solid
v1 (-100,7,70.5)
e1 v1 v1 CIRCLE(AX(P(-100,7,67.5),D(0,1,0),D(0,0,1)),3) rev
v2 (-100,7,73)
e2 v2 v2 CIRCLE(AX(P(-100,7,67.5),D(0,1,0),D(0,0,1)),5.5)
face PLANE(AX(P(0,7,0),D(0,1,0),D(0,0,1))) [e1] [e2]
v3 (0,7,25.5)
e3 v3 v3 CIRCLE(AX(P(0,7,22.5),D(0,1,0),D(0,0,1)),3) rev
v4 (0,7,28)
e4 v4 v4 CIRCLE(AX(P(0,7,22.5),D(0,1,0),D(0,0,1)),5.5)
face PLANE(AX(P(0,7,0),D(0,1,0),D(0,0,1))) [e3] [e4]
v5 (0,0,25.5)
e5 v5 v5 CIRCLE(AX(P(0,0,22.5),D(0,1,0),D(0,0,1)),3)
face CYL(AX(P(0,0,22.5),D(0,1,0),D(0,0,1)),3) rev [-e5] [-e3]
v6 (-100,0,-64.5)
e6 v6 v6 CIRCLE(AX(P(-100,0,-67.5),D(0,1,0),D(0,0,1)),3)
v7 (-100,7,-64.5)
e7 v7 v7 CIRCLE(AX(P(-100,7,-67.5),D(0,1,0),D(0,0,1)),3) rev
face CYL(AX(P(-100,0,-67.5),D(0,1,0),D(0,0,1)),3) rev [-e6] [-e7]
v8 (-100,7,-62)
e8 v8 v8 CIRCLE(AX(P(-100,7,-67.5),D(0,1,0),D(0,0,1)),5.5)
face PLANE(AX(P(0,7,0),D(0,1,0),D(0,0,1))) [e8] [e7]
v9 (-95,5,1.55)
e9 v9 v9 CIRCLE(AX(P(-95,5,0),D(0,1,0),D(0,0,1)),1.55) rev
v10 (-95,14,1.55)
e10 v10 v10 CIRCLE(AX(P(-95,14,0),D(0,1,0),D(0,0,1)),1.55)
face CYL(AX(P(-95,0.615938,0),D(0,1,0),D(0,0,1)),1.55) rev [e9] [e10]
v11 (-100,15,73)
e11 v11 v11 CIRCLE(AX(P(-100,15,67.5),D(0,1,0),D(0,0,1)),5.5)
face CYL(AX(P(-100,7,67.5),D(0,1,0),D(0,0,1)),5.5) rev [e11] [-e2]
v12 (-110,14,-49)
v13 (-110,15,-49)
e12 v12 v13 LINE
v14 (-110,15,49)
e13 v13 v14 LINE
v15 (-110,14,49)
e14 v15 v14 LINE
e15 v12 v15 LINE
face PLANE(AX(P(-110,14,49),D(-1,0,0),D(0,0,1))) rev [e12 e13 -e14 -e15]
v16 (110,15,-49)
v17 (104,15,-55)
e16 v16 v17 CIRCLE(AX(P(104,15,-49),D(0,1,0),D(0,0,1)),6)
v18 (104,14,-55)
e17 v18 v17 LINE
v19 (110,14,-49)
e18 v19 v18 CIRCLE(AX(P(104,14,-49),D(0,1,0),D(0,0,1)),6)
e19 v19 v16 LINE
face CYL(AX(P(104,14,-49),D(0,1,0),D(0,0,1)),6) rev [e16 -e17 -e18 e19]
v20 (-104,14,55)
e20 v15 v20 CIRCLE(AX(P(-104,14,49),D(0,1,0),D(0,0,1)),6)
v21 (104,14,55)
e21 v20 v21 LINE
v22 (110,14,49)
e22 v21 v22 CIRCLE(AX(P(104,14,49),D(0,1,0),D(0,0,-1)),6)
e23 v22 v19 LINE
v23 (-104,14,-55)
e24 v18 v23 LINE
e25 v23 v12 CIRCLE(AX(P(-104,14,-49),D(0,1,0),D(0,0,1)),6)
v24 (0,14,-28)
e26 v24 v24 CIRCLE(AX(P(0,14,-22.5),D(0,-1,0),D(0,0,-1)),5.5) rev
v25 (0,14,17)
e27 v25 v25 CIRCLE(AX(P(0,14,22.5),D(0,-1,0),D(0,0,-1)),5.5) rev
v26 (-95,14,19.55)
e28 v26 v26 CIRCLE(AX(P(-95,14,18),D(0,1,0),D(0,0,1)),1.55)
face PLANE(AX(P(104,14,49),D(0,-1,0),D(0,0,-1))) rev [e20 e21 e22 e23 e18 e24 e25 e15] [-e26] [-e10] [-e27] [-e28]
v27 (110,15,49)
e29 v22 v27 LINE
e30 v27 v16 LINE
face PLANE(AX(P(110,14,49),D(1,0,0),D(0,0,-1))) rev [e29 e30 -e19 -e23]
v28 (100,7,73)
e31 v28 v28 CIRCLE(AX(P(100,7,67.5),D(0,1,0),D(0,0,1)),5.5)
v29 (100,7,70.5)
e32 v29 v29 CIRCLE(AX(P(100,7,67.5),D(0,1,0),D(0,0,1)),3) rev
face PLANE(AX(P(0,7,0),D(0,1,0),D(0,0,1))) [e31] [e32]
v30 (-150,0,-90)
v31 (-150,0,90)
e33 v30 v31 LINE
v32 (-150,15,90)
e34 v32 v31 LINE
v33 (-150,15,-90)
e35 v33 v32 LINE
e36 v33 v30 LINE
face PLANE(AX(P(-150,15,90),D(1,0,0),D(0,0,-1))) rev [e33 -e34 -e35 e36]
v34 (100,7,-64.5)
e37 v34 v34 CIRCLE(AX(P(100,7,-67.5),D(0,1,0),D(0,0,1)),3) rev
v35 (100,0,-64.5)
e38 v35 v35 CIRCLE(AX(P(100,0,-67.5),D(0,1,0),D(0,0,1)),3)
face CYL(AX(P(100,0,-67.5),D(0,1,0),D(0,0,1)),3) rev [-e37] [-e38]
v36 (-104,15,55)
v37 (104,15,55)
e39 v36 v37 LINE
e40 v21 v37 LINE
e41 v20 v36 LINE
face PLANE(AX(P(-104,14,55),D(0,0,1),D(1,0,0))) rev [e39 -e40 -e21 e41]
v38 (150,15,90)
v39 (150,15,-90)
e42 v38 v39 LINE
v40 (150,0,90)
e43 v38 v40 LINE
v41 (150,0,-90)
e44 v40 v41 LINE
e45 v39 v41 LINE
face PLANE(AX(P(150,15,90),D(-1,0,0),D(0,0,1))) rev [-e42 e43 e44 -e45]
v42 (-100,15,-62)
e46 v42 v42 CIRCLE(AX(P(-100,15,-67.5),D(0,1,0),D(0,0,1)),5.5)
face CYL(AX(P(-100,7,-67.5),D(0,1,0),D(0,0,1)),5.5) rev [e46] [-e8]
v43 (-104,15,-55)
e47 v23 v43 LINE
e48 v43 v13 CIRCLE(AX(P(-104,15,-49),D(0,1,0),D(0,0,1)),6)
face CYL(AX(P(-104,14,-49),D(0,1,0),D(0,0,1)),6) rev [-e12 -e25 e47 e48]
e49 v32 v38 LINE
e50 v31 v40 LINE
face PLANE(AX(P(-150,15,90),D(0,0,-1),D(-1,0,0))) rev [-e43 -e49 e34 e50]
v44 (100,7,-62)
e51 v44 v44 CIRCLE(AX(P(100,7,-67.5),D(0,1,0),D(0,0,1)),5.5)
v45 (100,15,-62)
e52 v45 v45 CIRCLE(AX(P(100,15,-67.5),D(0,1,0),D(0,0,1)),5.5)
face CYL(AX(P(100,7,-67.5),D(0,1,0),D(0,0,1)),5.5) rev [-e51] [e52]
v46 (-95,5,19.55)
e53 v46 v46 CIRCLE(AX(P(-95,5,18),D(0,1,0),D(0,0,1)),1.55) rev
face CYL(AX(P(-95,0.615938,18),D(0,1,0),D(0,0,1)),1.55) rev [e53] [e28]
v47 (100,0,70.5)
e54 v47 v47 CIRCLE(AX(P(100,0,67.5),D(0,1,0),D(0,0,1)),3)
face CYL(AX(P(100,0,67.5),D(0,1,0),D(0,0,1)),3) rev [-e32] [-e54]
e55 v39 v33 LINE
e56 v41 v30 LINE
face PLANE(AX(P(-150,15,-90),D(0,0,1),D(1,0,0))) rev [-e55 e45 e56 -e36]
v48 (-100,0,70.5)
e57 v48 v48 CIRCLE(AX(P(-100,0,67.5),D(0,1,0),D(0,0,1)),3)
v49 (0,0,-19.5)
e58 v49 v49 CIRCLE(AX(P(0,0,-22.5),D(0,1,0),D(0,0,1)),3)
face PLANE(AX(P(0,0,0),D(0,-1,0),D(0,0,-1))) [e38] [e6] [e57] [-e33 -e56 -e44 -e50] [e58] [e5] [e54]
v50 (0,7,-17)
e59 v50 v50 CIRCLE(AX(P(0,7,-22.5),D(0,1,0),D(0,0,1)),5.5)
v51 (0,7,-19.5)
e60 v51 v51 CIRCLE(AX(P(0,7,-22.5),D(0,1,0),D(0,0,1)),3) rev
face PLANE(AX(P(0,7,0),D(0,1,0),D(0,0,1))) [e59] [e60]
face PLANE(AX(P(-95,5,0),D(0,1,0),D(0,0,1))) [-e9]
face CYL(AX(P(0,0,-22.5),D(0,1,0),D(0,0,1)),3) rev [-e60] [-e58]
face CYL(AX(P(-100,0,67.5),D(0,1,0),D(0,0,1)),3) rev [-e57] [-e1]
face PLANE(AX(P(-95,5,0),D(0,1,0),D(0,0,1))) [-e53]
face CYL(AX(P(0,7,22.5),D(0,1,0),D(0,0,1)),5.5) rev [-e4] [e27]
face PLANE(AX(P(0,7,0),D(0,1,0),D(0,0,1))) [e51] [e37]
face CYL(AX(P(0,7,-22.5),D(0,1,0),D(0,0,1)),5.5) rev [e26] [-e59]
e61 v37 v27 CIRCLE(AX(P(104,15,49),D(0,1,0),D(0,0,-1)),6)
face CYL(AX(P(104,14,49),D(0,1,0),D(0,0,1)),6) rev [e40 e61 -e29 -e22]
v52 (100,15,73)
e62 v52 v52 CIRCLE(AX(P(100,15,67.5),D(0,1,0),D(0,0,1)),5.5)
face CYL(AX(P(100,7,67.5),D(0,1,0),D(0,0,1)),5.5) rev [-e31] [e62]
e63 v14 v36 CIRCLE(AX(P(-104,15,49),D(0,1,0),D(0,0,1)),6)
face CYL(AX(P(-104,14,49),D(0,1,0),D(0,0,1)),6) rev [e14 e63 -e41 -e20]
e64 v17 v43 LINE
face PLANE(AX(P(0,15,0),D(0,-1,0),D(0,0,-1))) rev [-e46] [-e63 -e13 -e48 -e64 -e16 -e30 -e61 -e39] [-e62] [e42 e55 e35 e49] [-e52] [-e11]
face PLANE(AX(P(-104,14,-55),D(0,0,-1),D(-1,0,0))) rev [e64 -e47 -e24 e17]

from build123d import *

# Parameters (mm, degrees)
SKETCH_1_W          = 300
SKETCH_1_H          = 180
EXTRUDE_1_DEPTH     = 15
SKETCH_2_R          = 3
SKETCH_2_R_2        = 2.5
CUT_EXTRUDE_1_DEPTH = 176.570498661
SKETCH_3_R          = 5.5
SKETCH_3_R_2        = 5
SKETCH_3_R_3        = 3
CUT_EXTRUDE_3_DEPTH = 8
CUT_EXTRUDE_4_DEPTH = 1
CUT_EXTRUDE_START   = -9
SKETCH_6_R          = 1.55
CUT_EXTRUDE_6_DEPTH = 9


with BuildPart() as part:
    # Эскиз1 → Бобышка-Вытянуть1 (new body)
    with BuildSketch(Plane(origin=(0, 0, 0), x_dir=(1, 0, 0), z_dir=(0, 1, 0))):
        Rectangle(SKETCH_1_W, SKETCH_1_H)
    extrude(amount=EXTRUDE_1_DEPTH)

    # Эскиз2 → Вырез-Вытянуть1 (cut, through all)
    # profile 1 of 12: a face of its own
    with BuildSketch(Plane(origin=(0, 15, 0), x_dir=(1, 0, 0), z_dir=(0, 1, 0))):
        with Locations(Location((0, -22.5, 0), (0, 0, 270))):
            Circle(SKETCH_2_R)
        with Locations((0, -22.5)):
            Circle(SKETCH_2_R_2, mode=Mode.SUBTRACT)
    # profile 2 of 12: a face of its own
    with BuildSketch(Plane(origin=(0, 15, 0), x_dir=(1, 0, 0), z_dir=(0, 1, 0))):
        with Locations((0, -22.5)):
            Circle(SKETCH_2_R_2)
    # profile 3 of 12: a face of its own
    with BuildSketch(Plane(origin=(0, 15, 0), x_dir=(1, 0, 0), z_dir=(0, 1, 0))):
        with Locations(Location((-100, -67.5, 0), (0, 0, 270))):
            Circle(SKETCH_2_R)
        with Locations((-100, -67.5)):
            Circle(SKETCH_2_R_2, mode=Mode.SUBTRACT)
    # profile 4 of 12: a face of its own
    with BuildSketch(Plane(origin=(0, 15, 0), x_dir=(1, 0, 0), z_dir=(0, 1, 0))):
        with Locations((-100, -67.5)):
            Circle(SKETCH_2_R_2)
    # profile 5 of 12: a face of its own
    with BuildSketch(Plane(origin=(0, 15, 0), x_dir=(1, 0, 0), z_dir=(0, 1, 0))):
        with Locations(Location((100, -67.5, 0), (0, 0, 270))):
            Circle(SKETCH_2_R)
        with Locations((100, -67.5)):
            Circle(SKETCH_2_R_2, mode=Mode.SUBTRACT)
    # profile 6 of 12: a face of its own
    with BuildSketch(Plane(origin=(0, 15, 0), x_dir=(1, 0, 0), z_dir=(0, 1, 0))):
        with Locations((100, -67.5)):
            Circle(SKETCH_2_R_2)
    # profile 7 of 12: a face of its own
    with BuildSketch(Plane(origin=(0, 15, 0), x_dir=(1, 0, 0), z_dir=(0, 1, 0))):
        with Locations(Location((100, 67.5, 0), (0, 0, 270))):
            Circle(SKETCH_2_R)
        with Locations((100, 67.5)):
            Circle(SKETCH_2_R_2, mode=Mode.SUBTRACT)
    # profile 8 of 12: a face of its own
    with BuildSketch(Plane(origin=(0, 15, 0), x_dir=(1, 0, 0), z_dir=(0, 1, 0))):
        with Locations((100, 67.5)):
            Circle(SKETCH_2_R_2)
    # profile 9 of 12: a face of its own
    with BuildSketch(Plane(origin=(0, 15, 0), x_dir=(1, 0, 0), z_dir=(0, 1, 0))):
        with Locations(Location((0, 22.5, 0), (0, 0, 270))):
            Circle(SKETCH_2_R)
        with Locations((0, 22.5)):
            Circle(SKETCH_2_R_2, mode=Mode.SUBTRACT)
    # profile 10 of 12: a face of its own
    with BuildSketch(Plane(origin=(0, 15, 0), x_dir=(1, 0, 0), z_dir=(0, 1, 0))):
        with Locations((0, 22.5)):
            Circle(SKETCH_2_R_2)
    # profile 11 of 12: a face of its own
    with BuildSketch(Plane(origin=(0, 15, 0), x_dir=(1, 0, 0), z_dir=(0, 1, 0))):
        with Locations(Location((-100, 67.5, 0), (0, 0, 270))):
            Circle(SKETCH_2_R)
        with Locations((-100, 67.5)):
            Circle(SKETCH_2_R_2, mode=Mode.SUBTRACT)
    # profile 12 of 12: a face of its own
    with BuildSketch(Plane(origin=(0, 15, 0), x_dir=(1, 0, 0), z_dir=(0, 1, 0))):
        with Locations((-100, 67.5)):
            Circle(SKETCH_2_R_2)
    extrude(amount=-CUT_EXTRUDE_1_DEPTH, mode=Mode.SUBTRACT)

    # Эскиз3 → Вырез-Вытянуть3 (cut)
    # profile 1 of 12: a face of its own
    with BuildSketch(Plane(origin=(0, 15, 0), x_dir=(1, 0, 0), z_dir=(0, 1, 0))):
        with Locations(Location((0, -22.5, 0), (0, 0, 270))):
            Circle(SKETCH_3_R)
        with Locations((0, -22.5)):
            Circle(SKETCH_3_R_2, mode=Mode.SUBTRACT)
    # profile 2 of 12: a face of its own
    with BuildSketch(Plane(origin=(0, 15, 0), x_dir=(1, 0, 0), z_dir=(0, 1, 0))):
        with Locations((0, -22.5)):
            Circle(SKETCH_3_R_2)
        with Locations(Location((0, -22.5, 0), (0, 0, 270))):
            Circle(SKETCH_3_R_3, mode=Mode.SUBTRACT)
    # profile 3 of 12: a face of its own
    with BuildSketch(Plane(origin=(0, 15, 0), x_dir=(1, 0, 0), z_dir=(0, 1, 0))):
        with Locations(Location((-100, -67.5, 0), (0, 0, 270))):
            Circle(SKETCH_3_R)
        with Locations((-100, -67.5)):
            Circle(SKETCH_3_R_2, mode=Mode.SUBTRACT)
    # profile 4 of 12: a face of its own
    with BuildSketch(Plane(origin=(0, 15, 0), x_dir=(1, 0, 0), z_dir=(0, 1, 0))):
        with Locations((-100, -67.5)):
            Circle(SKETCH_3_R_2)
        with Locations(Location((-100, -67.5, 0), (0, 0, 270))):
            Circle(SKETCH_3_R_3, mode=Mode.SUBTRACT)
    # profile 5 of 12: a face of its own
    with BuildSketch(Plane(origin=(0, 15, 0), x_dir=(1, 0, 0), z_dir=(0, 1, 0))):
        with Locations(Location((100, -67.5, 0), (0, 0, 270))):
            Circle(SKETCH_3_R)
        with Locations((100, -67.5)):
            Circle(SKETCH_3_R_2, mode=Mode.SUBTRACT)
    # profile 6 of 12: a face of its own
    with BuildSketch(Plane(origin=(0, 15, 0), x_dir=(1, 0, 0), z_dir=(0, 1, 0))):
        with Locations((100, -67.5)):
            Circle(SKETCH_3_R_2)
        with Locations(Location((100, -67.5, 0), (0, 0, 270))):
            Circle(SKETCH_3_R_3, mode=Mode.SUBTRACT)
    # profile 7 of 12: a face of its own
    with BuildSketch(Plane(origin=(0, 15, 0), x_dir=(1, 0, 0), z_dir=(0, 1, 0))):
        with Locations(Location((0, 22.5, 0), (0, 0, 270))):
            Circle(SKETCH_3_R)
        with Locations((0, 22.5)):
            Circle(SKETCH_3_R_2, mode=Mode.SUBTRACT)
    # profile 8 of 12: a face of its own
    with BuildSketch(Plane(origin=(0, 15, 0), x_dir=(1, 0, 0), z_dir=(0, 1, 0))):
        with Locations((0, 22.5)):
            Circle(SKETCH_3_R_2)
        with Locations(Location((0, 22.5, 0), (0, 0, 270))):
            Circle(SKETCH_3_R_3, mode=Mode.SUBTRACT)
    # profile 9 of 12: a face of its own
    with BuildSketch(Plane(origin=(0, 15, 0), x_dir=(1, 0, 0), z_dir=(0, 1, 0))):
        with Locations(Location((-100, 67.5, 0), (0, 0, 270))):
            Circle(SKETCH_3_R)
        with Locations((-100, 67.5)):
            Circle(SKETCH_3_R_2, mode=Mode.SUBTRACT)
    # profile 10 of 12: a face of its own
    with BuildSketch(Plane(origin=(0, 15, 0), x_dir=(1, 0, 0), z_dir=(0, 1, 0))):
        with Locations((-100, 67.5)):
            Circle(SKETCH_3_R_2)
        with Locations(Location((-100, 67.5, 0), (0, 0, 270))):
            Circle(SKETCH_3_R_3, mode=Mode.SUBTRACT)
    # profile 11 of 12: a face of its own
    with BuildSketch(Plane(origin=(0, 15, 0), x_dir=(1, 0, 0), z_dir=(0, 1, 0))):
        with Locations(Location((100, 67.5, 0), (0, 0, 270))):
            Circle(SKETCH_3_R)
        with Locations((100, 67.5)):
            Circle(SKETCH_3_R_2, mode=Mode.SUBTRACT)
    # profile 12 of 12: a face of its own
    with BuildSketch(Plane(origin=(0, 15, 0), x_dir=(1, 0, 0), z_dir=(0, 1, 0))):
        with Locations((100, 67.5)):
            Circle(SKETCH_3_R_2)
        with Locations(Location((100, 67.5, 0), (0, 0, 270))):
            Circle(SKETCH_3_R_3, mode=Mode.SUBTRACT)
    extrude(amount=-CUT_EXTRUDE_3_DEPTH, mode=Mode.SUBTRACT)

    # Эскиз4 → Вырез-Вытянуть4 (cut)
    with BuildSketch(Plane(origin=(0, 15, 0), x_dir=(1, 0, 0), z_dir=(0, 1, 0))):
        with BuildLine():
            Line((-110, -49), (-110, 49))
            ThreePointArc((-110, 49), (-108.242640687, 53.242640687), (-104, 55))
            Line((-104, 55), (104, 55))
            ThreePointArc((104, 55), (108.242640687, 53.242640687), (110, 49))
            Line((110, 49), (110, -49))
            ThreePointArc((110, -49), (108.242640687, -53.242640687), (104, -55))
            Line((104, -55), (-104, -55))
            ThreePointArc((-104, -55), (-108.242640687, -53.242640687), (-110, -49))
        make_face()
    extrude(amount=-CUT_EXTRUDE_4_DEPTH, mode=Mode.SUBTRACT)

    # Эскиз6 → Вырез-Вытянуть6 (cut)
    with BuildSketch(Plane(origin=(0, 14, 0), x_dir=(1, 0, 0), z_dir=(0, 1, 0)).offset(CUT_EXTRUDE_START)):
        with Locations(Location((-95, -18, 0), (0, 0, 270))):
            Circle(SKETCH_6_R)
        with Locations(Location((-95, 0, 0), (0, 0, 270))):
            Circle(SKETCH_6_R)
    extrude(amount=CUT_EXTRUDE_6_DEPTH, mode=Mode.SUBTRACT)


solid = part.part
